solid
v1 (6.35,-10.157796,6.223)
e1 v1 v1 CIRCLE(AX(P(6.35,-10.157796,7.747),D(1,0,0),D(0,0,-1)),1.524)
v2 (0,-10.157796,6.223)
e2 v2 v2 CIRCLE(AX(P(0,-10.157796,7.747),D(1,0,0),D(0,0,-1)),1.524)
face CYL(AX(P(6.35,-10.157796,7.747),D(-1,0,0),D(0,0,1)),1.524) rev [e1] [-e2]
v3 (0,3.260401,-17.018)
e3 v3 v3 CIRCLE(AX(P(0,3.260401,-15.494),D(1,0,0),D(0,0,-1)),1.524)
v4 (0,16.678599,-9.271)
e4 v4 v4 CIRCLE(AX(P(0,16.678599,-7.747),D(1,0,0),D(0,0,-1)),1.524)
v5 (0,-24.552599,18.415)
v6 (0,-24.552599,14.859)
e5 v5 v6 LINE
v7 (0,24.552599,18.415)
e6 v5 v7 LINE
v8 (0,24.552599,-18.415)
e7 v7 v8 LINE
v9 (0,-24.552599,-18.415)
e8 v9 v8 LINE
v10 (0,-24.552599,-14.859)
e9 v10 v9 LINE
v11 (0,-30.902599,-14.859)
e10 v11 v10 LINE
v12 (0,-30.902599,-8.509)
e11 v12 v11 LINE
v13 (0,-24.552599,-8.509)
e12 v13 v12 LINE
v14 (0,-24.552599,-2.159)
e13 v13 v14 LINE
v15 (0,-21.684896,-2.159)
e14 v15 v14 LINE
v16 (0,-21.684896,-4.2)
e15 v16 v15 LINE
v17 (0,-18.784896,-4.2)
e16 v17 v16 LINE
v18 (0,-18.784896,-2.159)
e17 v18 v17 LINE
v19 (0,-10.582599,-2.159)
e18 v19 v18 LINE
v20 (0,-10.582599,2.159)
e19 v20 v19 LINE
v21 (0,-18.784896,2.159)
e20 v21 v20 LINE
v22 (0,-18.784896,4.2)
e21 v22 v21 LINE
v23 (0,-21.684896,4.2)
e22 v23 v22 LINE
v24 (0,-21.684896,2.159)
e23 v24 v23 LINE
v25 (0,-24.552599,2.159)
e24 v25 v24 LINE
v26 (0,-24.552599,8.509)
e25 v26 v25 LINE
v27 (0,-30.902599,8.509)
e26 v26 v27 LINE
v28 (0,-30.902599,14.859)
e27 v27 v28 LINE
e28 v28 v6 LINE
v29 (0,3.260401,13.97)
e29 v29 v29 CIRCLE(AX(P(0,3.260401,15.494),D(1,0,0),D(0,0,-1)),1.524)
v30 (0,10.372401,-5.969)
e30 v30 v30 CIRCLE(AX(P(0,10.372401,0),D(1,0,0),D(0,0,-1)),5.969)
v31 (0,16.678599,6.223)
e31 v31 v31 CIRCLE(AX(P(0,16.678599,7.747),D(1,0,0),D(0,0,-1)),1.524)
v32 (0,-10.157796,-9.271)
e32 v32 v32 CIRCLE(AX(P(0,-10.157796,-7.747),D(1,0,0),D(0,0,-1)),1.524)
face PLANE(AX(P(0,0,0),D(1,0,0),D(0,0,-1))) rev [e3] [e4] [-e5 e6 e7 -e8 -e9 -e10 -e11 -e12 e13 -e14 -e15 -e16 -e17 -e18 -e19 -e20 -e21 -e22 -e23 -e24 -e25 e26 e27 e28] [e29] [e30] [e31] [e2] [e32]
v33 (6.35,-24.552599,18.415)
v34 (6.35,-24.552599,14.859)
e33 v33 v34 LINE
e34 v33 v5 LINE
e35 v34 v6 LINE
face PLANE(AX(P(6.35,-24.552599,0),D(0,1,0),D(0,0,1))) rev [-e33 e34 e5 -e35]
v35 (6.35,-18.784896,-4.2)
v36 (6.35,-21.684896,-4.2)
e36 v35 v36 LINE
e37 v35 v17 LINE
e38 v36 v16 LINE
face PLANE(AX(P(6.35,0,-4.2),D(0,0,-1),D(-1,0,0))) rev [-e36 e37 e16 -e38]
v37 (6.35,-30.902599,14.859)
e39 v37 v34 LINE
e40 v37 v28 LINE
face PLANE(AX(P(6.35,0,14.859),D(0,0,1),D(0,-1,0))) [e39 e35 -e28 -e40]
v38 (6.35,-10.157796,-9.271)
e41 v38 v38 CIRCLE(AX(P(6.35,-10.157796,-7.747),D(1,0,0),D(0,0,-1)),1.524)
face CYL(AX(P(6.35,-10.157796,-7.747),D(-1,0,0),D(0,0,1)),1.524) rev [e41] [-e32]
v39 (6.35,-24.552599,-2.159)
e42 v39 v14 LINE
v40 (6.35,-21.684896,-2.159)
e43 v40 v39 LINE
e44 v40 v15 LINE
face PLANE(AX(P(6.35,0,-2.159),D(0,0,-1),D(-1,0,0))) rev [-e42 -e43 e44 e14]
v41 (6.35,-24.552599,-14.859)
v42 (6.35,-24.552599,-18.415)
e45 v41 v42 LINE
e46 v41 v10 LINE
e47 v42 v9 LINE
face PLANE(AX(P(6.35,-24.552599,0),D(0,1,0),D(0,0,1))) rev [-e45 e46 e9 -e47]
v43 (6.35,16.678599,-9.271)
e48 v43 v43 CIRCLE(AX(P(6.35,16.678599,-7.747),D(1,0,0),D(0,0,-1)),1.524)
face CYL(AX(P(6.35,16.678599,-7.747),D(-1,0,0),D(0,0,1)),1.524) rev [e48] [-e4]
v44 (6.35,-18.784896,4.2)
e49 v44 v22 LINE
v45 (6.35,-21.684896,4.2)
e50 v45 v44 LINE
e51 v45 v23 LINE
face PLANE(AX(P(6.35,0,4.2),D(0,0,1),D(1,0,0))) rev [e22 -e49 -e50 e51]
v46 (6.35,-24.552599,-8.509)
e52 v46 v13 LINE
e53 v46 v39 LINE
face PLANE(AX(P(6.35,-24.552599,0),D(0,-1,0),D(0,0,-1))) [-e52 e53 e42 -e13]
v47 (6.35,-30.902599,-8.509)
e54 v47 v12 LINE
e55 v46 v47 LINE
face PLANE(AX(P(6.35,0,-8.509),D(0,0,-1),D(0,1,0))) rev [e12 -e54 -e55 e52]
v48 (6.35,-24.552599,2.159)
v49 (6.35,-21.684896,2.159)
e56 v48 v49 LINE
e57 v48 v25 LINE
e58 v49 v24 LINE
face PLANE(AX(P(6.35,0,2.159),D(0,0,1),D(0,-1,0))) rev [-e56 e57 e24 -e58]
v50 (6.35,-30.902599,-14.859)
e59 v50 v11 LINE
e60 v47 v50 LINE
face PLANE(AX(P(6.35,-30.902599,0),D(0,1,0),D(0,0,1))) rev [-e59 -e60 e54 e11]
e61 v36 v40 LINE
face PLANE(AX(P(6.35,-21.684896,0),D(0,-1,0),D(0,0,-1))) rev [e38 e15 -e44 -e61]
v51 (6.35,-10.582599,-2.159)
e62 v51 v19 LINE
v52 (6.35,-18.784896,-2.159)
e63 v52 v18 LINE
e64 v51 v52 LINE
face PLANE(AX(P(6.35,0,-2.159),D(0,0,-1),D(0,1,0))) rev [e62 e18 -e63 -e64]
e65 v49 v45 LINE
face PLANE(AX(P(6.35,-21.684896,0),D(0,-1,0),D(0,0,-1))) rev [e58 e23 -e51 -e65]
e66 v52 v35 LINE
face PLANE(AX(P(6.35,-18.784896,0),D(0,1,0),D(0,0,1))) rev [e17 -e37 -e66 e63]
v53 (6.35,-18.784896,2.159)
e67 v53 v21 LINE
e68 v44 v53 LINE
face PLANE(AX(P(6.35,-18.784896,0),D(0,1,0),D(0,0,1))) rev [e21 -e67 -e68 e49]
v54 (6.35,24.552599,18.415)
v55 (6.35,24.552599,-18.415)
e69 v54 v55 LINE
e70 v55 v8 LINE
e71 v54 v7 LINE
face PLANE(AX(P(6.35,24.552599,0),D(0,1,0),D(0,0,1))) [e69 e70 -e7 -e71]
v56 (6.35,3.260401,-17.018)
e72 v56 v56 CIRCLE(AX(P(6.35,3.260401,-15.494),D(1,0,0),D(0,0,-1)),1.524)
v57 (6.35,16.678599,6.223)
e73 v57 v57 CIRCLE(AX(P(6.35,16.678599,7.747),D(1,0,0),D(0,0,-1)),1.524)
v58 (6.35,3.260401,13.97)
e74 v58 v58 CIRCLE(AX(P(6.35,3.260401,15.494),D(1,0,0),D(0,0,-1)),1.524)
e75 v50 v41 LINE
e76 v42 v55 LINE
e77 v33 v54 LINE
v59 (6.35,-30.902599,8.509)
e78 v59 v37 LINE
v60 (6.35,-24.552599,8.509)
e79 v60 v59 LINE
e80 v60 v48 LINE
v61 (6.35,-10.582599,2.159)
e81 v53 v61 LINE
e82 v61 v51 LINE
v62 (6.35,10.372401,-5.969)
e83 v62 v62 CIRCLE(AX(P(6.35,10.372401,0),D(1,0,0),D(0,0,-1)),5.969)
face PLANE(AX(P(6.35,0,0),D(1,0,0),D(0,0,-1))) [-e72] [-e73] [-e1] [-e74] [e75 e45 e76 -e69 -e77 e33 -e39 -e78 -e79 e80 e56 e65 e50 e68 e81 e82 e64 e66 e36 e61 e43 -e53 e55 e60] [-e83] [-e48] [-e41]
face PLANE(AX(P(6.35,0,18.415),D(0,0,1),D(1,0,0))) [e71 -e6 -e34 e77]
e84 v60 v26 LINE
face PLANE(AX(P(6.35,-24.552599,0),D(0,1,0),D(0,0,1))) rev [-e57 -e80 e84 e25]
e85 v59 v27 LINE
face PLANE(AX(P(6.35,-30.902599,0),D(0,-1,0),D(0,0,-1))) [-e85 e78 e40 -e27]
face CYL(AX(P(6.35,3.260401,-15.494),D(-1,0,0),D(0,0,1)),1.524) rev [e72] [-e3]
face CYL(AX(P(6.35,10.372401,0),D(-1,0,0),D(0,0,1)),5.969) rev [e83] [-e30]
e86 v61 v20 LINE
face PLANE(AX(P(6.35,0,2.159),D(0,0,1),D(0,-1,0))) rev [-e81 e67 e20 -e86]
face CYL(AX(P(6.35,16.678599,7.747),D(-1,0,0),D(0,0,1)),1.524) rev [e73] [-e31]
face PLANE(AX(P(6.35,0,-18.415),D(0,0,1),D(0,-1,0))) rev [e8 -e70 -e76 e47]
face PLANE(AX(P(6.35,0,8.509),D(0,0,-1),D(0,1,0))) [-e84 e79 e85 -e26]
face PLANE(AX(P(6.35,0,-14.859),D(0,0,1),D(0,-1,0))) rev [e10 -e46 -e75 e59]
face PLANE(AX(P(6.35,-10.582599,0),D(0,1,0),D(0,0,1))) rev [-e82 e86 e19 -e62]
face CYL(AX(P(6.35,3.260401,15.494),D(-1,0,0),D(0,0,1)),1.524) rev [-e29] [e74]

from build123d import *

# Parameters (mm, degrees)
MOTOR_PLATE_R       = 1.524
MOTOR_PLATE_R_2     = 5.969
BOSS_EXTRUDE1_DEPTH = 6.35


with BuildPart() as part:
    # Motor plate → Boss-Extrude1 (new body)
    with BuildSketch(Plane(origin=(0, 0, 0), x_dir=(0, 0, -1), z_dir=(1, 0, 0))):
        Polygon((-18.415, -24.552598803), (-14.859, -24.552598803), (-14.859, -30.902598803), (-8.509, -30.902598803), (-8.509, -24.552598803), (-2.159, -24.552598803), (-2.159, -21.684895821), (-4.199999982, -21.684895821), (-4.199999982, -18.784895779), (-2.159, -18.784895779), (-2.159, -10.582598803), (2.159, -10.582598803), (2.159, -18.784895779), (4.199999982, -18.784895779), (4.199999982, -21.684895821), (2.159, -21.684895821), (2.159, -24.552598803), (8.509, -24.552598803), (8.509, -30.902598803), (14.859, -30.902598803), (14.859, -24.552598803), (18.415, -24.552598803), (18.415, 24.552598803), (-18.415, 24.552598803), align=None)
        with Locations((7.747, 16.678598803)):
            Circle(MOTOR_PLATE_R, mode=Mode.SUBTRACT)
        with Locations((15.494, 3.260401197)):
            Circle(MOTOR_PLATE_R, mode=Mode.SUBTRACT)
        with Locations((7.747, -10.157796409)):
            Circle(MOTOR_PLATE_R, mode=Mode.SUBTRACT)
        with Locations((-7.747, -10.157796409)):
            Circle(MOTOR_PLATE_R, mode=Mode.SUBTRACT)
        with Locations((-15.494, 3.260401197)):
            Circle(MOTOR_PLATE_R, mode=Mode.SUBTRACT)
        with Locations((-7.747, 16.678598803)):
            Circle(MOTOR_PLATE_R, mode=Mode.SUBTRACT)
        with Locations((0, 10.372401197)):
            Circle(MOTOR_PLATE_R_2, mode=Mode.SUBTRACT)
    extrude(amount=BOSS_EXTRUDE1_DEPTH)


solid = part.part
